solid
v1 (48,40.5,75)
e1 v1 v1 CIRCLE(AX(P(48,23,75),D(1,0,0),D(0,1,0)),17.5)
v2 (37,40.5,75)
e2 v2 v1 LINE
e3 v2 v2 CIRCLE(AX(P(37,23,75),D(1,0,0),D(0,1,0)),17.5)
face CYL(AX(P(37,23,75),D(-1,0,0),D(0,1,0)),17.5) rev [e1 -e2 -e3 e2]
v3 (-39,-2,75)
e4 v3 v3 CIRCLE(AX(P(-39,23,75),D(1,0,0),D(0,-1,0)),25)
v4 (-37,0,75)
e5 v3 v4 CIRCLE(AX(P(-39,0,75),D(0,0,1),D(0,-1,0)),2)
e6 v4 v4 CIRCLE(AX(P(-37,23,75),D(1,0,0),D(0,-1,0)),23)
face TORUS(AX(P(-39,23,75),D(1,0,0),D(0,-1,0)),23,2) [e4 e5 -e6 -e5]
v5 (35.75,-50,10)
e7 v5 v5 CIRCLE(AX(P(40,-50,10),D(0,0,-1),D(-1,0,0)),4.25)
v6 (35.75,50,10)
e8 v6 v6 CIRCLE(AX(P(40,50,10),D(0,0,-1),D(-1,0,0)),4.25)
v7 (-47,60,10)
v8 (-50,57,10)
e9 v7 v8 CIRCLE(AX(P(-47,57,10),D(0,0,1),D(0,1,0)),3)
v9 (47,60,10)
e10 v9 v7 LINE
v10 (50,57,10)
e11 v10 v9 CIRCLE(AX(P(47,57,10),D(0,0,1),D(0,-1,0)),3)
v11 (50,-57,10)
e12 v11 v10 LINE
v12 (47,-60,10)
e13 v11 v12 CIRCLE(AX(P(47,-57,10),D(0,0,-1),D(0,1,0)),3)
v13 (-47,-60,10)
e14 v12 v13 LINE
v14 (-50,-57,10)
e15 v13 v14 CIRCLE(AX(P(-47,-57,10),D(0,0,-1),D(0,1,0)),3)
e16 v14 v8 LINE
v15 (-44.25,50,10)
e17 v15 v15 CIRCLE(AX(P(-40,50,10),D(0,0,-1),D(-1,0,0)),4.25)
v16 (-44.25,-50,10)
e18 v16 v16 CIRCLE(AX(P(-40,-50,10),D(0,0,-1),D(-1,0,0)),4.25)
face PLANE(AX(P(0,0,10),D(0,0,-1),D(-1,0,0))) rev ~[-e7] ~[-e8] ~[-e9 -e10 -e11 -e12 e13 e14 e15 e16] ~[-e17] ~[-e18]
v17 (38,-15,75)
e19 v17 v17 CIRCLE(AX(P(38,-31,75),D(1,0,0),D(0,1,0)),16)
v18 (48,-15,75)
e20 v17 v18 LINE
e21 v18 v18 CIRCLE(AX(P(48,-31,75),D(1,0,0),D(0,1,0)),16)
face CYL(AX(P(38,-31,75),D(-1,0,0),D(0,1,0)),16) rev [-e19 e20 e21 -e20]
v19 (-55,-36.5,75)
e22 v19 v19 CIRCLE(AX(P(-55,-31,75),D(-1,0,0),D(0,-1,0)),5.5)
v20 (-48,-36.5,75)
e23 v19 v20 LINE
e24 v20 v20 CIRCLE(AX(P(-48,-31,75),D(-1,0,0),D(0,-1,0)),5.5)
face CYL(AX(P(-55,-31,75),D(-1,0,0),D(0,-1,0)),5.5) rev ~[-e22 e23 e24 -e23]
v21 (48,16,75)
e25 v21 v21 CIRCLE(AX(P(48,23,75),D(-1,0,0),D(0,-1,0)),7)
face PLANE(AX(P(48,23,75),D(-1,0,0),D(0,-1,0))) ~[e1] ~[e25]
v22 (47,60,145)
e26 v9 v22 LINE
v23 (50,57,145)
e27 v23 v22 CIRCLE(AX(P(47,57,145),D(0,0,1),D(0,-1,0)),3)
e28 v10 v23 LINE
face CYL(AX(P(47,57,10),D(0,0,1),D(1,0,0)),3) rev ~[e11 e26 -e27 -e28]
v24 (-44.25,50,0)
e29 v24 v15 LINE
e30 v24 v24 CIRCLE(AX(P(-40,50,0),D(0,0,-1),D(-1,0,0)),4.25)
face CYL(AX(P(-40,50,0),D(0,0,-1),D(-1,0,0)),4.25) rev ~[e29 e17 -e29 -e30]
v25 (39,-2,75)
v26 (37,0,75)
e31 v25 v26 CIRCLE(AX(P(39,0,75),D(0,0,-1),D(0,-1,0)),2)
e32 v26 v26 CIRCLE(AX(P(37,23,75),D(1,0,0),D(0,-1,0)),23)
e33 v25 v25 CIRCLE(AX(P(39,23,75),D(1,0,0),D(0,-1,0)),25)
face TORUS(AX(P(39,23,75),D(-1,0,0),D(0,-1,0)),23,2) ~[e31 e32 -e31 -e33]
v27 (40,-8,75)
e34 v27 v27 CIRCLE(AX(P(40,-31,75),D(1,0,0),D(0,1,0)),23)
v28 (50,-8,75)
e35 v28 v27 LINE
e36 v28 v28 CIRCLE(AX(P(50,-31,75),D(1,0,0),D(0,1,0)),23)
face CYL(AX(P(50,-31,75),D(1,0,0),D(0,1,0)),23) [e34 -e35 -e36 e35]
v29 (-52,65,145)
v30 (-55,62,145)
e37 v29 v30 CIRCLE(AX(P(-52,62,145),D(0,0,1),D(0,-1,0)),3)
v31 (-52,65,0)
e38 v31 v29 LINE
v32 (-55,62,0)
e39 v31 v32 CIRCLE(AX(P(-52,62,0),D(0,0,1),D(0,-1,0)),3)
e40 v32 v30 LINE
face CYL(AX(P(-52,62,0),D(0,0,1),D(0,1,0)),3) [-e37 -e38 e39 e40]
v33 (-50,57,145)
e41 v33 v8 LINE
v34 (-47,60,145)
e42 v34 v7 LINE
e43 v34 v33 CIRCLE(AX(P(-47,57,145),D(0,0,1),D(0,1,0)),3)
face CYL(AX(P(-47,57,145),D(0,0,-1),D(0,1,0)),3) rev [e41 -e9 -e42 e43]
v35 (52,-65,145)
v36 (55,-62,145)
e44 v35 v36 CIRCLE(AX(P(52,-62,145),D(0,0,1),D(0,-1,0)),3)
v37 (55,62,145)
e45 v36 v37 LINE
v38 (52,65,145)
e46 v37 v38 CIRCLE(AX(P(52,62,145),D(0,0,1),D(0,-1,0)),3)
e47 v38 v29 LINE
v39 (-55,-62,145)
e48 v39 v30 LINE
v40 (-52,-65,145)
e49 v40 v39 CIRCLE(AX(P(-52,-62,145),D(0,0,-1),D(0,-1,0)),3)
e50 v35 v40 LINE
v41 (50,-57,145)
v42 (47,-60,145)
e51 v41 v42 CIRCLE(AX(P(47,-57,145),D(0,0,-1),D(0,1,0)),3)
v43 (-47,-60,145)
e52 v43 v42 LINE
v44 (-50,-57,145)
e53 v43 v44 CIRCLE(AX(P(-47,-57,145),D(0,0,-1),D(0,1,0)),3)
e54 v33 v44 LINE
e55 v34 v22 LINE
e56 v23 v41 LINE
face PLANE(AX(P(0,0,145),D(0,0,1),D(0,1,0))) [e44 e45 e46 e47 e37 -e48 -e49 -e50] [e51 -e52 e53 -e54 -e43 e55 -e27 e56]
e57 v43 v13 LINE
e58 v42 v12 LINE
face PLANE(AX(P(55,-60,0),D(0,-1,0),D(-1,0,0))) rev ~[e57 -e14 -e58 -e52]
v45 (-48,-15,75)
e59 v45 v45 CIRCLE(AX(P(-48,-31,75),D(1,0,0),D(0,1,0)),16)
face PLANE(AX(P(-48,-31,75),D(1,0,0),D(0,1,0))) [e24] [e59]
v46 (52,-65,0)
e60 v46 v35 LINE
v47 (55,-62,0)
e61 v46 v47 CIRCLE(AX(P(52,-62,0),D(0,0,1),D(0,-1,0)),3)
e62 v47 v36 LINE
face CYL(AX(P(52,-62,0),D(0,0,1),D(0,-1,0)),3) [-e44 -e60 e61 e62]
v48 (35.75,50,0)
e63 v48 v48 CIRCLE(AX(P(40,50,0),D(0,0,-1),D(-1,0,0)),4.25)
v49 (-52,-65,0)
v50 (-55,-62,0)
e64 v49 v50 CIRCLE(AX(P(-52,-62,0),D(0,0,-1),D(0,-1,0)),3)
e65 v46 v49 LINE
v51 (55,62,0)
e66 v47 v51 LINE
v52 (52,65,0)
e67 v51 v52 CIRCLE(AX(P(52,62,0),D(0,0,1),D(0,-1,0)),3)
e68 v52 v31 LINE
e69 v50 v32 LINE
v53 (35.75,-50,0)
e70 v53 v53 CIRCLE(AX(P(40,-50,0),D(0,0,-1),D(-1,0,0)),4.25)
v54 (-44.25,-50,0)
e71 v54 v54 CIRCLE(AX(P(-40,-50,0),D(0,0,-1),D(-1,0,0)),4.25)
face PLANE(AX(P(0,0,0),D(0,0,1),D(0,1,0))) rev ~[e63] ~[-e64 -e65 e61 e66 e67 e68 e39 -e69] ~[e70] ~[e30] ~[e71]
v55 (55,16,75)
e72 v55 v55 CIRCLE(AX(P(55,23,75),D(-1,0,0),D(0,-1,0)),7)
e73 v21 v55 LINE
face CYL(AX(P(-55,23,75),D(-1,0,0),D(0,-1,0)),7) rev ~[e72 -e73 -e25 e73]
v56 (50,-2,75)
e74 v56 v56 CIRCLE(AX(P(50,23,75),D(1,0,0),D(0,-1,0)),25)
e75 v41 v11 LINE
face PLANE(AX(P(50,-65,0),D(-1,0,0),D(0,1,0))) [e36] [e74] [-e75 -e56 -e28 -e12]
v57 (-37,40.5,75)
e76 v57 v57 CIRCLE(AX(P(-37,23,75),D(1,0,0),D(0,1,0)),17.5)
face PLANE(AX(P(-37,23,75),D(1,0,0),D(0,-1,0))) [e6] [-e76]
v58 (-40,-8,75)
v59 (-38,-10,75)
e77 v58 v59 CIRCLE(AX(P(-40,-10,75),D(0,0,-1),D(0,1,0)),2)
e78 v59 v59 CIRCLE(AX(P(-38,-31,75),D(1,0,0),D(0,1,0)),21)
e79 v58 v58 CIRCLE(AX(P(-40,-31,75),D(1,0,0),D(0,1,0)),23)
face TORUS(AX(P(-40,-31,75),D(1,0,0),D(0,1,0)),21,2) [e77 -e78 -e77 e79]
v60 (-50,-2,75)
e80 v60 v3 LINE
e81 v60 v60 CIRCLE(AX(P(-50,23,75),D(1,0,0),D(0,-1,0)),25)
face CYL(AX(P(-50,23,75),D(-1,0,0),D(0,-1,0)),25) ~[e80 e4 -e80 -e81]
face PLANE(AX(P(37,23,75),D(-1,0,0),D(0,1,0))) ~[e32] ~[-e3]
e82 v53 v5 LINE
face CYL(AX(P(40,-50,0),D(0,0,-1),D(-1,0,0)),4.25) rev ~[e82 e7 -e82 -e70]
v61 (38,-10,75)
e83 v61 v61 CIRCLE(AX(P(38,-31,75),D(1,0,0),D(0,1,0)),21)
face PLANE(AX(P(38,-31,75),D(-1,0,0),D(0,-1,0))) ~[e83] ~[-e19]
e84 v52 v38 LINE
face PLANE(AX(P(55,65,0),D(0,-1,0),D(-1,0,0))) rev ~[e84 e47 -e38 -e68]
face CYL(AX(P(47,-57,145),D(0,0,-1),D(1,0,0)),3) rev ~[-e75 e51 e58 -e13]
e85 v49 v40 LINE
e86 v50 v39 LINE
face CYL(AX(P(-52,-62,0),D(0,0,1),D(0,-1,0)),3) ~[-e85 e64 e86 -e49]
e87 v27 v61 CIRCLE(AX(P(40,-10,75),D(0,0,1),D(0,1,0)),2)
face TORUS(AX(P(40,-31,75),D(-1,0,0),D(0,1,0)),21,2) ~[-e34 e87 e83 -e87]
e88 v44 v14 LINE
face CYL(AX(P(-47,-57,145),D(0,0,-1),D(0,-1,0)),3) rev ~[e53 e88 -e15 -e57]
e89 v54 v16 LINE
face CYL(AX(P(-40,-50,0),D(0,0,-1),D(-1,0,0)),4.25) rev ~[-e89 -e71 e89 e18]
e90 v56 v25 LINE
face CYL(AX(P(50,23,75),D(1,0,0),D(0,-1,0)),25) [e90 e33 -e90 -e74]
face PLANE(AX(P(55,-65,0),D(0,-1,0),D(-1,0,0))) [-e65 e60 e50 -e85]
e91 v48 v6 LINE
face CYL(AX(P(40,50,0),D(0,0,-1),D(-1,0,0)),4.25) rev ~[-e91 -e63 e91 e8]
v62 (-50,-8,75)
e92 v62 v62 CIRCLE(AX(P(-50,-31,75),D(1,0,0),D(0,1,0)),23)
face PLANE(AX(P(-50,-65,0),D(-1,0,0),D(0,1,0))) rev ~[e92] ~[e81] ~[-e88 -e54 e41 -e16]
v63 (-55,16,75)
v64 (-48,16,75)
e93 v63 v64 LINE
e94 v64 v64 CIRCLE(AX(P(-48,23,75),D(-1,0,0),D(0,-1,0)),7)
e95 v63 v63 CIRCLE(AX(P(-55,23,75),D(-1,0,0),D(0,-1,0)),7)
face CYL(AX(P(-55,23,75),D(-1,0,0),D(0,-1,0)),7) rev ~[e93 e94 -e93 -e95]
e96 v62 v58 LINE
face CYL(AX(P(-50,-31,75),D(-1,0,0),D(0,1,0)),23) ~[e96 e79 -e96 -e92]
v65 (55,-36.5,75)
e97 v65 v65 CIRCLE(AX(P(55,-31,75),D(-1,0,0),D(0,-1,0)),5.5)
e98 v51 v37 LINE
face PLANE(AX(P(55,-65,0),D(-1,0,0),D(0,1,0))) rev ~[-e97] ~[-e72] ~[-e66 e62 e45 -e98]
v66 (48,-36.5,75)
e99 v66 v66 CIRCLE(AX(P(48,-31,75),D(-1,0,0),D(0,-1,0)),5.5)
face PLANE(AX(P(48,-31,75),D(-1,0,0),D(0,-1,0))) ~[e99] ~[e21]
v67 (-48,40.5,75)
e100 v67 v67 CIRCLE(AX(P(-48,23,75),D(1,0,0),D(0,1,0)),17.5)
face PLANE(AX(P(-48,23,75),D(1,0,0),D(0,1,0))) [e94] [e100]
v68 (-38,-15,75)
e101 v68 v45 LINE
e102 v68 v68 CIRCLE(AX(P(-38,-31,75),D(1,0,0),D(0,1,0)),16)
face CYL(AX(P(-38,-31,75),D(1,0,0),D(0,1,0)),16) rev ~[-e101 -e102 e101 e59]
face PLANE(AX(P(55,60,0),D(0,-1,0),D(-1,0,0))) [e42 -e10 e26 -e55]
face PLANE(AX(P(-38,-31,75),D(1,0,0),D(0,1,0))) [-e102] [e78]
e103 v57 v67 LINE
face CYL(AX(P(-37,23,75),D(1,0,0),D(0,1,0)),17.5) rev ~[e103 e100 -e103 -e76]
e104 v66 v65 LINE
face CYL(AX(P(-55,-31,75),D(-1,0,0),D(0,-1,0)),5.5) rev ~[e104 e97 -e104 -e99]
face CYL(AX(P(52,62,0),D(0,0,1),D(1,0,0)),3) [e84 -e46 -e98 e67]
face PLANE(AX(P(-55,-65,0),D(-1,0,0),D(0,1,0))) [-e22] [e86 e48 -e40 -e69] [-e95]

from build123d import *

# Parameters (mm, degrees)
SKETCH1_W                 = 130
SKETCH1_H                 = 110
BOSS_EXTRUDE1_DEPTH       = 145
SHELL2_T                  = -5
SHELL2_THICKNESS_2_FACE_W = 100
SHELL2_THICKNESS_2_FACE_H = 120
SHELL2_THICKNESS_2_DEPTH  = 5
SKETCH2_R                 = 23
BOSS_EXTRUDE2_DEPTH       = 12
SKETCH2_3_R               = 25
BOSS_EXTRUDE3_DEPTH       = 13
SKETCH3_R                 = 16
CUT_EXTRUDE1_DEPTH        = 10
SKETCH4_R                 = 17.5
CUT_EXTRUDE4_DEPTH        = 11
SKETCH5_R                 = 5.5
SKETCH5_R_2               = 7
CUT_EXTRUDE5_DEPTH        = 194.261480901
SKETCH7_R                 = 4.25
CUT_EXTRUDE6_DEPTH        = 10
FILLET1_R                 = 3
FILLET2_R                 = 2


with BuildPart() as part:
    # Sketch1 → Boss-Extrude1 (new body)
    with BuildSketch(Plane(origin=(0, 0, 0), x_dir=(0, 1, 0), z_dir=(0, 0, 1))):
        Rectangle(SKETCH1_W, SKETCH1_H)
    extrude(amount=BOSS_EXTRUDE1_DEPTH)

    # Shell2
    shell2_openings = [part.faces().sort_by_distance(p)[0] for p in [
        (0, 0, 145),
    ]]
    offset(amount=SHELL2_T, openings=shell2_openings, kind=Kind.INTERSECTION)

    # Shell2 thickness 2 face (on inner face of the shell) → Shell2 thickness 2 (add)
    with BuildSketch(Plane(origin=(0, 0, 5), x_dir=(-1, 0, 0), z_dir=(0, 0, -1))):
        Rectangle(SHELL2_THICKNESS_2_FACE_W, SHELL2_THICKNESS_2_FACE_H)
    extrude(amount=-SHELL2_THICKNESS_2_DEPTH)

    # Sketch2 → Boss-Extrude2 (add)
    with BuildSketch(Plane.YZ.offset(-50)):
        with Locations((-31, 75)):
            Circle(SKETCH2_R)
    boss_extrude2 = extrude(amount=BOSS_EXTRUDE2_DEPTH)

    # Sketch2<3> → Boss-Extrude3 (add)
    with BuildSketch(Plane.YZ.offset(-50)):
        with Locations((23, 75)):
            Circle(SKETCH2_3_R)
    boss_extrude3 = extrude(amount=BOSS_EXTRUDE3_DEPTH)

    # Sketch3 → Cut-Extrude1 (cut)
    with BuildSketch(Plane.YZ.offset(-38)):
        with Locations((-31, 75)):
            Circle(SKETCH3_R)
    cut_extrude1 = extrude(amount=-CUT_EXTRUDE1_DEPTH, mode=Mode.SUBTRACT)

    # Sketch4 → Cut-Extrude4 (cut)
    with BuildSketch(Plane.YZ.offset(-37)):
        with Locations((23, 75)):
            Circle(SKETCH4_R)
    cut_extrude4 = extrude(amount=-CUT_EXTRUDE4_DEPTH, mode=Mode.SUBTRACT)

    # Mirror1: Boss-Extrude2, Boss-Extrude3, Cut-Extrude1, Cut-Extrude4 across plane
    add(boss_extrude2.mirror(Plane(origin=(0, 0, 0), x_dir=(0, 0, 1), z_dir=(1, 0, 0))))
    add(boss_extrude3.mirror(Plane(origin=(0, 0, 0), x_dir=(0, 0, 1), z_dir=(1, 0, 0))))
    add(cut_extrude1.mirror(Plane(origin=(0, 0, 0), x_dir=(0, 0, 1), z_dir=(1, 0, 0))), mode=Mode.SUBTRACT)
    add(cut_extrude4.mirror(Plane(origin=(0, 0, 0), x_dir=(0, 0, 1), z_dir=(1, 0, 0))), mode=Mode.SUBTRACT)

    # Sketch5 → Cut-Extrude5 (cut, through all)
    with BuildSketch(Plane(origin=(-55, 0, 0), x_dir=(0, -1, 0), z_dir=(-1, 0, 0))):
        with Locations((31, 75)):
            Circle(SKETCH5_R)
        with Locations((-23, 75)):
            Circle(SKETCH5_R_2)
    extrude(amount=-CUT_EXTRUDE5_DEPTH, mode=Mode.SUBTRACT)

    # Sketch7 → Cut-Extrude6 (cut)
    with BuildSketch(Plane(origin=(0, 0, 0), x_dir=(1, 0, 0), z_dir=(0, 0, -1))):
        with Locations((-40, 50)):
            Circle(SKETCH7_R)
        with Locations((40, 50)):
            Circle(SKETCH7_R)
        with Locations((-40, -50)):
            Circle(SKETCH7_R)
        with Locations((40, -50)):
            Circle(SKETCH7_R)
    extrude(amount=-CUT_EXTRUDE6_DEPTH, mode=Mode.SUBTRACT)

    # Fillet1
    fillet1_edges = [part.edges().sort_by_distance(p)[0] for p in [
        (-55, 65, 72.5),
        (55, 65, 72.5),
        (55, -65, 72.5),
        (-55, -65, 72.5),
        (50, 60, 77.5),
        (50, -60, 77.5),
        (-50, -60, 77.5),
        (-50, 60, 77.5),
    ]]
    fillet(fillet1_edges, radius=FILLET1_R)

    # Fillet2
    fillet2_edges = [part.edges().sort_by_distance(p)[0] for p in [
        (38, -54, 75),
        (37, -2, 75),
        (-38, -54, 75),
        (-37, -2, 75),
    ]]
    fillet(fillet2_edges, radius=FILLET2_R)


solid = part.part
